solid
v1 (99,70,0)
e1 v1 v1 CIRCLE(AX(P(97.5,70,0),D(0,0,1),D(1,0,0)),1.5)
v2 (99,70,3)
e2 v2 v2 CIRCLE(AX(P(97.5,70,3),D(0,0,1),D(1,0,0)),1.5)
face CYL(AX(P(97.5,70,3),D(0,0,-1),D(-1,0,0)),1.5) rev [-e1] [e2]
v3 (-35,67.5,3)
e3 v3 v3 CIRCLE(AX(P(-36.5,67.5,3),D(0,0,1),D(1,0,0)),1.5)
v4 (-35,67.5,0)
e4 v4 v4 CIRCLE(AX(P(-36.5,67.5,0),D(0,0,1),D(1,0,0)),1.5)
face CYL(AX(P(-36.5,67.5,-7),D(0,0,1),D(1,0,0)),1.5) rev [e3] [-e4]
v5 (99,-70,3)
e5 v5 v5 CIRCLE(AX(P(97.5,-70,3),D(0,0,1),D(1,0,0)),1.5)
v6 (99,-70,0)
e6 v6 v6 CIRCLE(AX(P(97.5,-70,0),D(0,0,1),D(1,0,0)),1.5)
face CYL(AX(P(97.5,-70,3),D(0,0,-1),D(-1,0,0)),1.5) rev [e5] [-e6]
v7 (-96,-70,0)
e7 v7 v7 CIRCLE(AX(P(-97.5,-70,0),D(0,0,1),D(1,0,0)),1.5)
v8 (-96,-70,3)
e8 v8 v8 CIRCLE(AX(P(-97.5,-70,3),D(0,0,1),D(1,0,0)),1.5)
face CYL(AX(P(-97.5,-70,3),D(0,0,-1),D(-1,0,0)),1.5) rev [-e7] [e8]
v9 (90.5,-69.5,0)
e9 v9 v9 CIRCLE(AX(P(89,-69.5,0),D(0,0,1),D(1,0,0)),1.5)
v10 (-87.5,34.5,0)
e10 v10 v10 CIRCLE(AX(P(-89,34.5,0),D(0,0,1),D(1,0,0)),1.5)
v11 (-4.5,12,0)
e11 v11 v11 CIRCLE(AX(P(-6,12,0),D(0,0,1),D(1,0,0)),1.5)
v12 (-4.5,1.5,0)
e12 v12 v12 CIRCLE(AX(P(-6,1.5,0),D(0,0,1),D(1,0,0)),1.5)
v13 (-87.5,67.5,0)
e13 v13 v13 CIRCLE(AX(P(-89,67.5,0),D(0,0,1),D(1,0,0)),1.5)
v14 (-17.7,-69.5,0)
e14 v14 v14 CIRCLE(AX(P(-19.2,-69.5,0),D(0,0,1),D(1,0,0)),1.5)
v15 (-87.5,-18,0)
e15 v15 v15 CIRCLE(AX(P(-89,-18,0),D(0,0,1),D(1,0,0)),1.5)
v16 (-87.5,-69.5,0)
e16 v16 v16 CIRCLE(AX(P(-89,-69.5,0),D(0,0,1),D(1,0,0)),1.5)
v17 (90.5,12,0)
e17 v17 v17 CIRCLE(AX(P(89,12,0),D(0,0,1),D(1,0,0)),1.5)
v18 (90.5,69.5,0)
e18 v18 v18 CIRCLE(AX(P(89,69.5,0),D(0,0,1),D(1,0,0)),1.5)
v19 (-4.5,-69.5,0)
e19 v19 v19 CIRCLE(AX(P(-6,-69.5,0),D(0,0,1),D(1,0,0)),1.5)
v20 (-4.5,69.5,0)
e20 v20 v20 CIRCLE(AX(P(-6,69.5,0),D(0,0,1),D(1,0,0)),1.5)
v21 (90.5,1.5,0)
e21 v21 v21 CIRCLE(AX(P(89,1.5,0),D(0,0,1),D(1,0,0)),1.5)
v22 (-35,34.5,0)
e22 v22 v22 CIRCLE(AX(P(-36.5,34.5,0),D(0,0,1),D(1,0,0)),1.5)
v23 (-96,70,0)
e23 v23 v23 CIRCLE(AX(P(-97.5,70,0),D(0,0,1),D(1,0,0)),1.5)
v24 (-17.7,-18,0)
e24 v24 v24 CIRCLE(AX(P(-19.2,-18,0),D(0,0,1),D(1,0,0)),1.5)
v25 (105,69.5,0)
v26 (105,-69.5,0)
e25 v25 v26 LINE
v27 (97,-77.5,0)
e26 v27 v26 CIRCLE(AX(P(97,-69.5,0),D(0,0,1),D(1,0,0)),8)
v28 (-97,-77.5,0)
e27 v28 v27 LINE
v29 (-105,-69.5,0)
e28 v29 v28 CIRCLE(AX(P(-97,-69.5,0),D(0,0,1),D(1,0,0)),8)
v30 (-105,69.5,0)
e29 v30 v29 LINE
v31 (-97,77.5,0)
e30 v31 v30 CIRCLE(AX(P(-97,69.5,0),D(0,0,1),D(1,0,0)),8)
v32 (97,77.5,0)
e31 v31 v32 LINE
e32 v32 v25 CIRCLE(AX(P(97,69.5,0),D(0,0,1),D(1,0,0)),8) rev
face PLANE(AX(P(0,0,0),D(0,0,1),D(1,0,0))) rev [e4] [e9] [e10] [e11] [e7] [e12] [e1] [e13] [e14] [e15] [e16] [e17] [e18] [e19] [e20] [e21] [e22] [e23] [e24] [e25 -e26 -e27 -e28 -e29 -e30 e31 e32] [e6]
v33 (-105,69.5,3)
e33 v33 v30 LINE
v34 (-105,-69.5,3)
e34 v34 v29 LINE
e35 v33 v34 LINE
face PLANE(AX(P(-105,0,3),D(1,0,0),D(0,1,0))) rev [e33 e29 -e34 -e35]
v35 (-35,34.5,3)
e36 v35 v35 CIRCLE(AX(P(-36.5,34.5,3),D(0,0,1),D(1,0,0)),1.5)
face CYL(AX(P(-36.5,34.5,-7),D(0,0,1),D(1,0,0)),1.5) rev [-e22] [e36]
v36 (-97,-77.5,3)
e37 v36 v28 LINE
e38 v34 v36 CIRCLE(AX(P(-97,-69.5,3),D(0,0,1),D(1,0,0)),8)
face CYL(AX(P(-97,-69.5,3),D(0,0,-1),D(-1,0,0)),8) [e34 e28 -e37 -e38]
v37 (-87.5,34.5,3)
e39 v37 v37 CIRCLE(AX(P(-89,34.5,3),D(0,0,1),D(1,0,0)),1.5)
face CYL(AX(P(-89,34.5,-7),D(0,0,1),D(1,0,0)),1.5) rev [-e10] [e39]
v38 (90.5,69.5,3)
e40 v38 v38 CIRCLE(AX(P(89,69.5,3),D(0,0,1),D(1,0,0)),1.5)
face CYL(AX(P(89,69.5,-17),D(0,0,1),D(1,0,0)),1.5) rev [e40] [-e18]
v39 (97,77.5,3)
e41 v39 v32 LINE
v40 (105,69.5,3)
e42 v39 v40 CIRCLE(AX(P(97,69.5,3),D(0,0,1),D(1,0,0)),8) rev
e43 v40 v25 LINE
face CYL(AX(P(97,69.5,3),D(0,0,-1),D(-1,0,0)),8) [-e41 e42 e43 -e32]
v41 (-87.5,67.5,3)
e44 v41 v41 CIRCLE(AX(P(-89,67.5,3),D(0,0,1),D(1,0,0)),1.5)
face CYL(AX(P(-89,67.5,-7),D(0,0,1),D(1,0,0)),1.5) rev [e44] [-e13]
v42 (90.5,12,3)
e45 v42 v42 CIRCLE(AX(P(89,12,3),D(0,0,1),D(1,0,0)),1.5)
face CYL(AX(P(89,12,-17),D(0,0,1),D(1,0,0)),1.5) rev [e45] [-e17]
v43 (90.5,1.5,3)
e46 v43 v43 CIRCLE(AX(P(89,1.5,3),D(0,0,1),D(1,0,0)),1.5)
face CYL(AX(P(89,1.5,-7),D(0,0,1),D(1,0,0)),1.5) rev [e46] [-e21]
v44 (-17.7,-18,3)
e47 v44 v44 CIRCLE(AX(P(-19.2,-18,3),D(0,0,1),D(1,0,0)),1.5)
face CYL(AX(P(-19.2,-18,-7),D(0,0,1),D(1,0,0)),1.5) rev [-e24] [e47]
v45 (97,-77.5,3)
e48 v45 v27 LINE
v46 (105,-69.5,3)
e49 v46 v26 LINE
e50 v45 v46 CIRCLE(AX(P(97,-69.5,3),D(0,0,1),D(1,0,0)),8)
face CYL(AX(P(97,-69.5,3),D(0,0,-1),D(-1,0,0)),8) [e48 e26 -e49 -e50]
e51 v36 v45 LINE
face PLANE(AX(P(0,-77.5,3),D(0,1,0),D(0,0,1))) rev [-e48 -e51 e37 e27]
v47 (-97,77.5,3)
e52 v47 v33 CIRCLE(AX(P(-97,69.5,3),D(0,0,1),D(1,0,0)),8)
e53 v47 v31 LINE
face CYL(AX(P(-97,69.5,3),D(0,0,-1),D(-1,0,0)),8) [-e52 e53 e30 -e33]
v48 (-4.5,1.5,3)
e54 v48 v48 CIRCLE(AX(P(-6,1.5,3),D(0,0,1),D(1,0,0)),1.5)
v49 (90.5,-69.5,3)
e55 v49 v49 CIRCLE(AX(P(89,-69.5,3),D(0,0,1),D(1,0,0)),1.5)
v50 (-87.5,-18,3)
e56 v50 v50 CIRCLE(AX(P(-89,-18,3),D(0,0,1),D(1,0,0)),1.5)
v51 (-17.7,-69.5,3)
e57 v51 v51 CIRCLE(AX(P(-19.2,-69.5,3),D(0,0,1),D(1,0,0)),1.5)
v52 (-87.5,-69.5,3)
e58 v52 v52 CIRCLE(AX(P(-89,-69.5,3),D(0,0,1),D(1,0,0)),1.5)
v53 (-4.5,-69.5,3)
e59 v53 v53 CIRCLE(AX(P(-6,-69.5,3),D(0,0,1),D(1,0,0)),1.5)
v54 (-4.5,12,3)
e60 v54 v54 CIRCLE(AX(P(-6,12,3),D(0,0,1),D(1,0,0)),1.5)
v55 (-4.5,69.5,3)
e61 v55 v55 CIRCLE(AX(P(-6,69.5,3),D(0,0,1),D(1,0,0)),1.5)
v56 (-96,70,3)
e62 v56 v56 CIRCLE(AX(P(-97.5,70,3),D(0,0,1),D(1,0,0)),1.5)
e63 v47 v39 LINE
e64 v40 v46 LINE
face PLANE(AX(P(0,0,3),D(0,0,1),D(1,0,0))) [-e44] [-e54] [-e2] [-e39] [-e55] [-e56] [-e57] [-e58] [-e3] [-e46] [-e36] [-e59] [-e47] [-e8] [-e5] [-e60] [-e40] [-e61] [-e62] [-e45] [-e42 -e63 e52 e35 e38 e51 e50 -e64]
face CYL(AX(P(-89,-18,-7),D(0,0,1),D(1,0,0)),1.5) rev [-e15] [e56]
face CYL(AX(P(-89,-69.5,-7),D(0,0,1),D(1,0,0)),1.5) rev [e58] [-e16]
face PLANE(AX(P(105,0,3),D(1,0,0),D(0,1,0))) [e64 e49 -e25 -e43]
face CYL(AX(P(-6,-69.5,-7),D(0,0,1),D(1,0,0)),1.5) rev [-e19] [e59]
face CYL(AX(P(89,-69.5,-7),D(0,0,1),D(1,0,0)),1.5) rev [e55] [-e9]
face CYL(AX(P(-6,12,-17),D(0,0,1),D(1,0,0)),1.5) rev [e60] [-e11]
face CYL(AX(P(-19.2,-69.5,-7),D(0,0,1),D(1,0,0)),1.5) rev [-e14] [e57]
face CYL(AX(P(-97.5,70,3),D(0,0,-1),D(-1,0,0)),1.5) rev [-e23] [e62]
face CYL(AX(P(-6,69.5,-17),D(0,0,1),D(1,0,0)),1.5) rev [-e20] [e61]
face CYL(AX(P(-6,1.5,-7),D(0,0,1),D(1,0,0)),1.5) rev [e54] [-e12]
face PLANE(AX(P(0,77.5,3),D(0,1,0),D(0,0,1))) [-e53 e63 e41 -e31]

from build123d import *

# Parameters (mm, degrees)
SKETCH1_R           = 1.5
BOSS_EXTRUDE1_DEPTH = 3
SKETCH2_R           = 1.5
LVPCB_HOLE_DEPTH    = 20
SKETCH4_R           = 1.5
SDC_HOLE_DEPTH      = 10
SKETCH3_R           = 1.5
TSAL_LV_HOLE_DEPTH  = 10
SKETCH5_R           = 1.5
BSPD_HOLE_DEPTH     = 10


with BuildPart() as part:
    # Sketch1 → Boss-Extrude1 (new body)
    with BuildSketch(Plane.XY):
        with BuildLine():
            Line((-97, 77.5), (97, 77.5))
            ThreePointArc((97, 77.5), (102.656854249, 75.156854249), (105, 69.5))
            Line((105, 69.5), (105, -69.5))
            ThreePointArc((105, -69.5), (102.656854249, -75.156854249), (97, -77.5))
            Line((97, -77.5), (-97, -77.5))
            ThreePointArc((-97, -77.5), (-102.656854249, -75.156854249), (-105, -69.5))
            Line((-105, -69.5), (-105, 69.5))
            ThreePointArc((-105, 69.5), (-102.656854249, 75.156854249), (-97, 77.5))
        make_face()
        with Locations((-97.5, 70)):
            Circle(SKETCH1_R, mode=Mode.SUBTRACT)
        with Locations((97.5, 70)):
            Circle(SKETCH1_R, mode=Mode.SUBTRACT)
        with Locations((-97.5, -70)):
            Circle(SKETCH1_R, mode=Mode.SUBTRACT)
        with Locations((97.5, -70)):
            Circle(SKETCH1_R, mode=Mode.SUBTRACT)
    extrude(amount=BOSS_EXTRUDE1_DEPTH)

    # Sketch2 → LVPCB Hole (cut)
    with BuildSketch(Plane.XY.offset(3)):
        with Locations((-6, 69.5)):
            Circle(SKETCH2_R)
        with Locations((89, 69.5)):
            Circle(SKETCH2_R)
        with Locations((-6, 12)):
            Circle(SKETCH2_R)
        with Locations((89, 12)):
            Circle(SKETCH2_R)
    extrude(amount=-LVPCB_HOLE_DEPTH, mode=Mode.SUBTRACT)

    # Sketch4 → SDC Hole (cut)
    with BuildSketch(Plane.XY.offset(3)):
        with Locations((-6, 1.5)):
            Circle(SKETCH4_R)
        with Locations((89, 1.5)):
            Circle(SKETCH4_R)
        with Locations((-6, -69.5)):
            Circle(SKETCH4_R)
        with Locations((89, -69.5)):
            Circle(SKETCH4_R)
    extrude(amount=-SDC_HOLE_DEPTH, mode=Mode.SUBTRACT)

    # Sketch3 → TSAL LV Hole (cut)
    with BuildSketch(Plane.XY.offset(3)):
        with Locations((-89, -18)):
            Circle(SKETCH3_R)
        with Locations((-19.2, -18)):
            Circle(SKETCH3_R)
        with Locations((-89, -69.5)):
            Circle(SKETCH3_R)
        with Locations((-19.2, -69.5)):
            Circle(SKETCH3_R)
    extrude(amount=-TSAL_LV_HOLE_DEPTH, mode=Mode.SUBTRACT)

    # Sketch5 → BSPD Hole (cut)
    with BuildSketch(Plane.XY.offset(3)):
        with Locations((-89, 67.5)):
            Circle(SKETCH5_R)
        with Locations((-36.5, 67.5)):
            Circle(SKETCH5_R)
        with Locations((-89, 34.5)):
            Circle(SKETCH5_R)
        with Locations((-36.5, 34.5)):
            Circle(SKETCH5_R)
    extrude(amount=-BSPD_HOLE_DEPTH, mode=Mode.SUBTRACT)


solid = part.part
